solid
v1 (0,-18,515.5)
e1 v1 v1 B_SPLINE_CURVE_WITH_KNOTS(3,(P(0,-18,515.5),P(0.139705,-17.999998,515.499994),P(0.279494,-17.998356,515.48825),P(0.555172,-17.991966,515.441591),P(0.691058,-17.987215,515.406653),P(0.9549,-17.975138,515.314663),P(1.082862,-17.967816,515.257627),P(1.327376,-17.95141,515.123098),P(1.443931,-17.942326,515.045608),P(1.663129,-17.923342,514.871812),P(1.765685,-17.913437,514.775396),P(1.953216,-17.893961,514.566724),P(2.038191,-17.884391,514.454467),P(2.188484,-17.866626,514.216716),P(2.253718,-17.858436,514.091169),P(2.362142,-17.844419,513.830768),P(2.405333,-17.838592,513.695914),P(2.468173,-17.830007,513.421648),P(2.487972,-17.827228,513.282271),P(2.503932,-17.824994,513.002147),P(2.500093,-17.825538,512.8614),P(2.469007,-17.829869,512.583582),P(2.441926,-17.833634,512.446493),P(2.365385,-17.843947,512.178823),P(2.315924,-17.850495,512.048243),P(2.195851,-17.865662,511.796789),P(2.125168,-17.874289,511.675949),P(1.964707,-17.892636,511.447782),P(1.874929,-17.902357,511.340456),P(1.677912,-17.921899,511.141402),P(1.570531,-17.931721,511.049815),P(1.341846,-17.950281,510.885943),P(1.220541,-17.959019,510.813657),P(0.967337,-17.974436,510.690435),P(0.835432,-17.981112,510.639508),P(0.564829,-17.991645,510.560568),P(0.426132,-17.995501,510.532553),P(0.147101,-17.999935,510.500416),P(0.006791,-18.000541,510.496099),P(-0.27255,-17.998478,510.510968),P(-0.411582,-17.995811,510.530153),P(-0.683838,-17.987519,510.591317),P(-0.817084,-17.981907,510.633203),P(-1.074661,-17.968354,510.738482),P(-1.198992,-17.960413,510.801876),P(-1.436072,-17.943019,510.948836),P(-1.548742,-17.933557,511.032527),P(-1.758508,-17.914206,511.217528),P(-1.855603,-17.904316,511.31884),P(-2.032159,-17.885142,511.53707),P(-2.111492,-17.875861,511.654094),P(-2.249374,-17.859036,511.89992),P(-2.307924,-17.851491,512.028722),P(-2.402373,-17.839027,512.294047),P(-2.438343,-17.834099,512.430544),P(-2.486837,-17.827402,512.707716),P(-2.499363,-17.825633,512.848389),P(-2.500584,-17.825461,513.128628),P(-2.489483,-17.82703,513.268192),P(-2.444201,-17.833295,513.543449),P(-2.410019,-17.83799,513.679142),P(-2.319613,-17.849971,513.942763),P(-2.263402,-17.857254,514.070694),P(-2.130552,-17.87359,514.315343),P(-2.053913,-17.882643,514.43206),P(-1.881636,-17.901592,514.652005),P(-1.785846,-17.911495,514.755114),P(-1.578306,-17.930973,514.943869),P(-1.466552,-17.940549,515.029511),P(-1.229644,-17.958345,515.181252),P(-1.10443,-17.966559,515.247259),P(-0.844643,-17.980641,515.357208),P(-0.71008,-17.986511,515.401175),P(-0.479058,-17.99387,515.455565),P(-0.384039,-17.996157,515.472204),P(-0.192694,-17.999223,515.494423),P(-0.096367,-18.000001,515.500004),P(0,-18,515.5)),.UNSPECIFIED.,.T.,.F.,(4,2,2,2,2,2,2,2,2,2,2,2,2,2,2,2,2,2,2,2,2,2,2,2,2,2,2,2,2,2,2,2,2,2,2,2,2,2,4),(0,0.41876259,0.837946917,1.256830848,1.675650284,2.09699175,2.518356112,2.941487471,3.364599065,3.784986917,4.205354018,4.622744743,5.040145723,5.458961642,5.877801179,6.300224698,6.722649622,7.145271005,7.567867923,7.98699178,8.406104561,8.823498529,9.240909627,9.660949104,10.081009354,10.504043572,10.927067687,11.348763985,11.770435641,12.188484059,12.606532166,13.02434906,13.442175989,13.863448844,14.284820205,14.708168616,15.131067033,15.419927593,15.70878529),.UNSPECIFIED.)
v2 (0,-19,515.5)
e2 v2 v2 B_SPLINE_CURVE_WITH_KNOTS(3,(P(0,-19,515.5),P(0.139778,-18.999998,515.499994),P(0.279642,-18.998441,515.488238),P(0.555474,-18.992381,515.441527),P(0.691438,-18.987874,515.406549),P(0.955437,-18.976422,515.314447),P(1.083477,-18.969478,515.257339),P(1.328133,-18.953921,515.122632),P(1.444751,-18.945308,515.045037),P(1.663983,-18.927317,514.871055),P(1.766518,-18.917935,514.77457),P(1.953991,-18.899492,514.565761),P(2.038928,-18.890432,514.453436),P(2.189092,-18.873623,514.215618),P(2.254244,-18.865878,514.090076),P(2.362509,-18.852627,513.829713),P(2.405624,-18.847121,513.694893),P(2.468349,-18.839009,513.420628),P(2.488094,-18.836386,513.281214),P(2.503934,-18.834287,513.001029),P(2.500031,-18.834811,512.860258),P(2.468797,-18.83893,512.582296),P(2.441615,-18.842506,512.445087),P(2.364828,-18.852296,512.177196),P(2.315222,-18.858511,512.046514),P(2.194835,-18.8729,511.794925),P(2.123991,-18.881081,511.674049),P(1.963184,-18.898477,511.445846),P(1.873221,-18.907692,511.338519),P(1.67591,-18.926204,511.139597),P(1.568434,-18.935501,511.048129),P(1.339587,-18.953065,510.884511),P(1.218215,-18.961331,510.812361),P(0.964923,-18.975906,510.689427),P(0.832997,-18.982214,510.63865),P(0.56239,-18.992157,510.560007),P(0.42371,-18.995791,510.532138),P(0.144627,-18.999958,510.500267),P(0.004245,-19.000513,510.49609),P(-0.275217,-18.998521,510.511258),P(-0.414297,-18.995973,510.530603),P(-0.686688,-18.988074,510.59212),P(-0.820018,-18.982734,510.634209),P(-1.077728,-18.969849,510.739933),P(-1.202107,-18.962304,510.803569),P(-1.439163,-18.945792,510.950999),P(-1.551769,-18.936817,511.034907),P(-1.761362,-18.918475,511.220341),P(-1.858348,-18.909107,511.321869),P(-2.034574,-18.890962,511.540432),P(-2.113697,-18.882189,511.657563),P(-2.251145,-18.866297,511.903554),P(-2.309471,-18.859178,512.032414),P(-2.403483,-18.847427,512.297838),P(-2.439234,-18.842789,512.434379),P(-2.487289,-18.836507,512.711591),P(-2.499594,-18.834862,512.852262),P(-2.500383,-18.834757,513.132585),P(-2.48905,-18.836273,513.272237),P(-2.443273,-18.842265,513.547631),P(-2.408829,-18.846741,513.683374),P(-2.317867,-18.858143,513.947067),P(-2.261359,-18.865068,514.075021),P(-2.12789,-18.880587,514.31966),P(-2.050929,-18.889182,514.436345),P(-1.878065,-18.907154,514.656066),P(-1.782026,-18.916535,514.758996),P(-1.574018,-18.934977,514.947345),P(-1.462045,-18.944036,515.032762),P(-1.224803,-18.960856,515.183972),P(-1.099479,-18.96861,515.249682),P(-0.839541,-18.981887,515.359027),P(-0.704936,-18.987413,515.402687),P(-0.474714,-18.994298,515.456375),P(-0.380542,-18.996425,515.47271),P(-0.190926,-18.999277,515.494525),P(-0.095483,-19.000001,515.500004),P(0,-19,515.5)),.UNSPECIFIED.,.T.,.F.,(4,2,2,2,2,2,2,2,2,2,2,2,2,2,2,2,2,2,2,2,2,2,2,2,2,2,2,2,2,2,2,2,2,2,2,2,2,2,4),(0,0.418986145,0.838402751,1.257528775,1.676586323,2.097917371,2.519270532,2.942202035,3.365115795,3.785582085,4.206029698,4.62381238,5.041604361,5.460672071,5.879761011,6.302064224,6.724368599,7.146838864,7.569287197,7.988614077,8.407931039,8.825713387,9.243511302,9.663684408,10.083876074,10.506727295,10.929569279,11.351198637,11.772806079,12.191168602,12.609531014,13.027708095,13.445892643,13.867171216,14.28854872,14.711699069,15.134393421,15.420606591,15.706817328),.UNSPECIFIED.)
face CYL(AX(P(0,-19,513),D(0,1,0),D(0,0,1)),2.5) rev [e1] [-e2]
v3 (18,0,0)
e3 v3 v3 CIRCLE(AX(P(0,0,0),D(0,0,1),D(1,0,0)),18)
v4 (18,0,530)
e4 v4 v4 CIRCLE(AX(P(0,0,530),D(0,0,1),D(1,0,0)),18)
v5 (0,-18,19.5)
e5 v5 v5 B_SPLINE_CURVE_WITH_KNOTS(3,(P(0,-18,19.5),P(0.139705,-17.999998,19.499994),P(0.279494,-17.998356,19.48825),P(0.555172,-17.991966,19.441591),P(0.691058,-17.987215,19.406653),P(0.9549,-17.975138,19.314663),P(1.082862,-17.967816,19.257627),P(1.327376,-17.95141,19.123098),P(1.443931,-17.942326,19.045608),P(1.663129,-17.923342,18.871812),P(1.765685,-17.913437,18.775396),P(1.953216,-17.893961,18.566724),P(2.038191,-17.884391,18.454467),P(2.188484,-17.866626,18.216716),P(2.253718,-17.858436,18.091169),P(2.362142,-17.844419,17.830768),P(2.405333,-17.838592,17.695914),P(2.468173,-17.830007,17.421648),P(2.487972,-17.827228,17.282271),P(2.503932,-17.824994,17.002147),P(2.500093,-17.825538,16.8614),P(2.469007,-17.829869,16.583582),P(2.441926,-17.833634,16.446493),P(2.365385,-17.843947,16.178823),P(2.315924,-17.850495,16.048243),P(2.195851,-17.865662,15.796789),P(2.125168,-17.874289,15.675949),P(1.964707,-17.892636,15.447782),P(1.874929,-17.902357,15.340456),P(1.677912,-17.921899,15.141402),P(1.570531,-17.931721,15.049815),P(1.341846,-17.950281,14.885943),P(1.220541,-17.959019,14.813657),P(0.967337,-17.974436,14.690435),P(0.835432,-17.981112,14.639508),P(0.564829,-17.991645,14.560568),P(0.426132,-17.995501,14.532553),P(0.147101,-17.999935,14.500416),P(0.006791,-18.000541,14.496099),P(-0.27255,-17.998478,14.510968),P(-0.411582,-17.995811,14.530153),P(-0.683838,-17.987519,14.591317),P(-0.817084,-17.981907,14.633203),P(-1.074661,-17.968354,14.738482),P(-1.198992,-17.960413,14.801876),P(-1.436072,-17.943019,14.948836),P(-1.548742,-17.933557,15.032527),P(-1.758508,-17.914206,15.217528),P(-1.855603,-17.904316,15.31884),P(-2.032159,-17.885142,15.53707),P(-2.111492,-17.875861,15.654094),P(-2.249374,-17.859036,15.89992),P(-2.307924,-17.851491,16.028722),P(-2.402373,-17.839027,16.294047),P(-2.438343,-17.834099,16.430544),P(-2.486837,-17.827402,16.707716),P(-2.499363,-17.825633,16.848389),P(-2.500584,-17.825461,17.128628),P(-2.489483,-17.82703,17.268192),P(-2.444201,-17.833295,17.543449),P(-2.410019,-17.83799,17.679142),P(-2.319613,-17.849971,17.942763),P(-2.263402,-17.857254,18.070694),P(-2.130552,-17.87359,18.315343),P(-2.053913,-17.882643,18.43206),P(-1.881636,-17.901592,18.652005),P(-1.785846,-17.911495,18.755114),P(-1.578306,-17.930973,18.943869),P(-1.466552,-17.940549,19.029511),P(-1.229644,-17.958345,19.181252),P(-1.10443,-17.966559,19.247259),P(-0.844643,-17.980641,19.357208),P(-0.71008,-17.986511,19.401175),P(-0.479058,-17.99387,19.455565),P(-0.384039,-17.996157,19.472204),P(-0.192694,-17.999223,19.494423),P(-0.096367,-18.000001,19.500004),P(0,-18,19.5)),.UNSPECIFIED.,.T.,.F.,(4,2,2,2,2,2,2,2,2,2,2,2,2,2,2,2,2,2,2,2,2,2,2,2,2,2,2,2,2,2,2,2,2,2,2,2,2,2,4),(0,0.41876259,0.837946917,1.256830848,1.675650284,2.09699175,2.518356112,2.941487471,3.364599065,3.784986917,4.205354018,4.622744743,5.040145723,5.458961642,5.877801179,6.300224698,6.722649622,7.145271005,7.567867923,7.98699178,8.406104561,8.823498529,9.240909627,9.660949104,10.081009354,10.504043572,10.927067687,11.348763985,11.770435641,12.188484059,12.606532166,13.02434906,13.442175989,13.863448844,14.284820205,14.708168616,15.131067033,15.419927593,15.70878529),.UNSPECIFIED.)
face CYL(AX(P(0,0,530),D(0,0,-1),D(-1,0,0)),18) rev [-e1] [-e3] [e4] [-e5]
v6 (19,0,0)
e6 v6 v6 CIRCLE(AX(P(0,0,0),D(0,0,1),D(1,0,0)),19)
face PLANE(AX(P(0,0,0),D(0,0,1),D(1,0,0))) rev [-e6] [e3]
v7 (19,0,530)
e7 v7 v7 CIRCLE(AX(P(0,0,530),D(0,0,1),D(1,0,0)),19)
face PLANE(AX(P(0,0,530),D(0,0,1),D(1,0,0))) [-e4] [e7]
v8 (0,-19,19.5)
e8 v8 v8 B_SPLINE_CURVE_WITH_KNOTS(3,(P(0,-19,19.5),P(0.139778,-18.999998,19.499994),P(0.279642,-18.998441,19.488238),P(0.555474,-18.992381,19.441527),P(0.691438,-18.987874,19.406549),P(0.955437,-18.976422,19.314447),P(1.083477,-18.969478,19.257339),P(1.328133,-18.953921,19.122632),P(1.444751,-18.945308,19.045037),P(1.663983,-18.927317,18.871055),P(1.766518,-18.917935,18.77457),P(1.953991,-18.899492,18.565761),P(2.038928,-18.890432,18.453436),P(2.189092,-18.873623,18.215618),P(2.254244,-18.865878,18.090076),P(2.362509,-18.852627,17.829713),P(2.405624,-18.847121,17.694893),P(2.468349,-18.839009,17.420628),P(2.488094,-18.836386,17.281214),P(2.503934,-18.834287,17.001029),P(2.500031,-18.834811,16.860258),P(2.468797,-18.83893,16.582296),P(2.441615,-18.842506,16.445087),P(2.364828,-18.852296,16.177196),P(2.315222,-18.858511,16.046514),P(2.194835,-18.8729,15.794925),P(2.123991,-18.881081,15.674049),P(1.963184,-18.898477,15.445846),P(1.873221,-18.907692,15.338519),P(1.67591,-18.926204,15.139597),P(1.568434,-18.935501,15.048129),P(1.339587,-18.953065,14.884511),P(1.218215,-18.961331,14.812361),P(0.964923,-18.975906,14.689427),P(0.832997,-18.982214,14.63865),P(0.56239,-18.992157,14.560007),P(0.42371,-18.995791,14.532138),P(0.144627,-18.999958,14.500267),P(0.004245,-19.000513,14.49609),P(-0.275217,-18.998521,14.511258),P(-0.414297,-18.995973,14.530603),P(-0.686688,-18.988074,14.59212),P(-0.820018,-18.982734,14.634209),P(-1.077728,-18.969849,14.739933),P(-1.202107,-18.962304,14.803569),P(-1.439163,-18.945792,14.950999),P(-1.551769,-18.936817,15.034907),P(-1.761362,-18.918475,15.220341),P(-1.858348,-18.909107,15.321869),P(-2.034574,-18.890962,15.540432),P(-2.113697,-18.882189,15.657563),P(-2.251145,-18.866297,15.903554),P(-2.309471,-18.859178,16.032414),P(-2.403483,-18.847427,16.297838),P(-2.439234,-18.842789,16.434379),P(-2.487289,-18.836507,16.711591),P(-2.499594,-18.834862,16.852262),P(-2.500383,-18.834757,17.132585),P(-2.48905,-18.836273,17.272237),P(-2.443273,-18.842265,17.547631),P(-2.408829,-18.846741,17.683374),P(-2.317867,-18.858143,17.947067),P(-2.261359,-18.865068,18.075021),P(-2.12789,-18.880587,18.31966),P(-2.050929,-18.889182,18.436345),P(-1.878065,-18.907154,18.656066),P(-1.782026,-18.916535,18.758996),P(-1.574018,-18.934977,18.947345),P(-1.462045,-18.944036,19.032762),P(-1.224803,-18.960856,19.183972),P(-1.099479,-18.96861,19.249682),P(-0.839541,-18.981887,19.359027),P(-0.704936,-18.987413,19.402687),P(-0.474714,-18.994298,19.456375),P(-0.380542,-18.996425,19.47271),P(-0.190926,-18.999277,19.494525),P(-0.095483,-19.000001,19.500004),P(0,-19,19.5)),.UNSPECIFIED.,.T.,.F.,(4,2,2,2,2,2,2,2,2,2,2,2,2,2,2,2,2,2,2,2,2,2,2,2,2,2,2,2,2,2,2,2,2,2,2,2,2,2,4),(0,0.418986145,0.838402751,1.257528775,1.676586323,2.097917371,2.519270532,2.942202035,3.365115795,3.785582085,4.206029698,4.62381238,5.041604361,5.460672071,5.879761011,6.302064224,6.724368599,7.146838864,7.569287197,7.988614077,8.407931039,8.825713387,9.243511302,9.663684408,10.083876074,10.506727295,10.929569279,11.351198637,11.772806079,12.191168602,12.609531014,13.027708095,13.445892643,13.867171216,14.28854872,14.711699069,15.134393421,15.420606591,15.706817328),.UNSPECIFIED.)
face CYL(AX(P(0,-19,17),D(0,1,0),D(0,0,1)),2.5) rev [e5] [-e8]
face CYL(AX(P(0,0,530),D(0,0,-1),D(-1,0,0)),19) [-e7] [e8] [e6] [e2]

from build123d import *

# Parameters (mm, degrees)
ESQUISSE1_R             = 19
ESQUISSE1_R_2           = 18
BOSS_EXTRU_1_DEPTH      = 530
ESQUISSE2_R             = 2.5
ENL_V_MAT_EXTRU_1_DEPTH = 531.680694957
ESQUISSE4_R             = 2.5
ENL_V_MAT_EXTRU_2_DEPTH = 531.680695064


with BuildPart() as part:
    # Esquisse1 → Boss.-Extru.1 (new body)
    with BuildSketch(Plane.XY):
        Circle(ESQUISSE1_R)
        Circle(ESQUISSE1_R_2, mode=Mode.SUBTRACT)
    extrude(amount=BOSS_EXTRU_1_DEPTH)

    # Esquisse2 → Enlèv. mat.-Extru.1 (cut, through all)
    with BuildSketch(Plane(origin=(0, 0, 0), x_dir=(1, 0, 0), z_dir=(0, 1, 0))):
        with Locations(Location((0, -17, 0), (0, 0, 270))):
            Circle(ESQUISSE2_R)
    extrude(amount=-ENL_V_MAT_EXTRU_1_DEPTH, mode=Mode.SUBTRACT)

    # Esquisse4 → Enlèv. mat.-Extru.2 (cut, through all)
    with BuildSketch(Plane(origin=(0, 0, 0), x_dir=(1, 0, 0), z_dir=(0, 1, 0))):
        with Locations(Location((0, -513, 0), (0, 0, 270))):
            Circle(ESQUISSE4_R)
    extrude(amount=-ENL_V_MAT_EXTRU_2_DEPTH, mode=Mode.SUBTRACT)


solid = part.part
